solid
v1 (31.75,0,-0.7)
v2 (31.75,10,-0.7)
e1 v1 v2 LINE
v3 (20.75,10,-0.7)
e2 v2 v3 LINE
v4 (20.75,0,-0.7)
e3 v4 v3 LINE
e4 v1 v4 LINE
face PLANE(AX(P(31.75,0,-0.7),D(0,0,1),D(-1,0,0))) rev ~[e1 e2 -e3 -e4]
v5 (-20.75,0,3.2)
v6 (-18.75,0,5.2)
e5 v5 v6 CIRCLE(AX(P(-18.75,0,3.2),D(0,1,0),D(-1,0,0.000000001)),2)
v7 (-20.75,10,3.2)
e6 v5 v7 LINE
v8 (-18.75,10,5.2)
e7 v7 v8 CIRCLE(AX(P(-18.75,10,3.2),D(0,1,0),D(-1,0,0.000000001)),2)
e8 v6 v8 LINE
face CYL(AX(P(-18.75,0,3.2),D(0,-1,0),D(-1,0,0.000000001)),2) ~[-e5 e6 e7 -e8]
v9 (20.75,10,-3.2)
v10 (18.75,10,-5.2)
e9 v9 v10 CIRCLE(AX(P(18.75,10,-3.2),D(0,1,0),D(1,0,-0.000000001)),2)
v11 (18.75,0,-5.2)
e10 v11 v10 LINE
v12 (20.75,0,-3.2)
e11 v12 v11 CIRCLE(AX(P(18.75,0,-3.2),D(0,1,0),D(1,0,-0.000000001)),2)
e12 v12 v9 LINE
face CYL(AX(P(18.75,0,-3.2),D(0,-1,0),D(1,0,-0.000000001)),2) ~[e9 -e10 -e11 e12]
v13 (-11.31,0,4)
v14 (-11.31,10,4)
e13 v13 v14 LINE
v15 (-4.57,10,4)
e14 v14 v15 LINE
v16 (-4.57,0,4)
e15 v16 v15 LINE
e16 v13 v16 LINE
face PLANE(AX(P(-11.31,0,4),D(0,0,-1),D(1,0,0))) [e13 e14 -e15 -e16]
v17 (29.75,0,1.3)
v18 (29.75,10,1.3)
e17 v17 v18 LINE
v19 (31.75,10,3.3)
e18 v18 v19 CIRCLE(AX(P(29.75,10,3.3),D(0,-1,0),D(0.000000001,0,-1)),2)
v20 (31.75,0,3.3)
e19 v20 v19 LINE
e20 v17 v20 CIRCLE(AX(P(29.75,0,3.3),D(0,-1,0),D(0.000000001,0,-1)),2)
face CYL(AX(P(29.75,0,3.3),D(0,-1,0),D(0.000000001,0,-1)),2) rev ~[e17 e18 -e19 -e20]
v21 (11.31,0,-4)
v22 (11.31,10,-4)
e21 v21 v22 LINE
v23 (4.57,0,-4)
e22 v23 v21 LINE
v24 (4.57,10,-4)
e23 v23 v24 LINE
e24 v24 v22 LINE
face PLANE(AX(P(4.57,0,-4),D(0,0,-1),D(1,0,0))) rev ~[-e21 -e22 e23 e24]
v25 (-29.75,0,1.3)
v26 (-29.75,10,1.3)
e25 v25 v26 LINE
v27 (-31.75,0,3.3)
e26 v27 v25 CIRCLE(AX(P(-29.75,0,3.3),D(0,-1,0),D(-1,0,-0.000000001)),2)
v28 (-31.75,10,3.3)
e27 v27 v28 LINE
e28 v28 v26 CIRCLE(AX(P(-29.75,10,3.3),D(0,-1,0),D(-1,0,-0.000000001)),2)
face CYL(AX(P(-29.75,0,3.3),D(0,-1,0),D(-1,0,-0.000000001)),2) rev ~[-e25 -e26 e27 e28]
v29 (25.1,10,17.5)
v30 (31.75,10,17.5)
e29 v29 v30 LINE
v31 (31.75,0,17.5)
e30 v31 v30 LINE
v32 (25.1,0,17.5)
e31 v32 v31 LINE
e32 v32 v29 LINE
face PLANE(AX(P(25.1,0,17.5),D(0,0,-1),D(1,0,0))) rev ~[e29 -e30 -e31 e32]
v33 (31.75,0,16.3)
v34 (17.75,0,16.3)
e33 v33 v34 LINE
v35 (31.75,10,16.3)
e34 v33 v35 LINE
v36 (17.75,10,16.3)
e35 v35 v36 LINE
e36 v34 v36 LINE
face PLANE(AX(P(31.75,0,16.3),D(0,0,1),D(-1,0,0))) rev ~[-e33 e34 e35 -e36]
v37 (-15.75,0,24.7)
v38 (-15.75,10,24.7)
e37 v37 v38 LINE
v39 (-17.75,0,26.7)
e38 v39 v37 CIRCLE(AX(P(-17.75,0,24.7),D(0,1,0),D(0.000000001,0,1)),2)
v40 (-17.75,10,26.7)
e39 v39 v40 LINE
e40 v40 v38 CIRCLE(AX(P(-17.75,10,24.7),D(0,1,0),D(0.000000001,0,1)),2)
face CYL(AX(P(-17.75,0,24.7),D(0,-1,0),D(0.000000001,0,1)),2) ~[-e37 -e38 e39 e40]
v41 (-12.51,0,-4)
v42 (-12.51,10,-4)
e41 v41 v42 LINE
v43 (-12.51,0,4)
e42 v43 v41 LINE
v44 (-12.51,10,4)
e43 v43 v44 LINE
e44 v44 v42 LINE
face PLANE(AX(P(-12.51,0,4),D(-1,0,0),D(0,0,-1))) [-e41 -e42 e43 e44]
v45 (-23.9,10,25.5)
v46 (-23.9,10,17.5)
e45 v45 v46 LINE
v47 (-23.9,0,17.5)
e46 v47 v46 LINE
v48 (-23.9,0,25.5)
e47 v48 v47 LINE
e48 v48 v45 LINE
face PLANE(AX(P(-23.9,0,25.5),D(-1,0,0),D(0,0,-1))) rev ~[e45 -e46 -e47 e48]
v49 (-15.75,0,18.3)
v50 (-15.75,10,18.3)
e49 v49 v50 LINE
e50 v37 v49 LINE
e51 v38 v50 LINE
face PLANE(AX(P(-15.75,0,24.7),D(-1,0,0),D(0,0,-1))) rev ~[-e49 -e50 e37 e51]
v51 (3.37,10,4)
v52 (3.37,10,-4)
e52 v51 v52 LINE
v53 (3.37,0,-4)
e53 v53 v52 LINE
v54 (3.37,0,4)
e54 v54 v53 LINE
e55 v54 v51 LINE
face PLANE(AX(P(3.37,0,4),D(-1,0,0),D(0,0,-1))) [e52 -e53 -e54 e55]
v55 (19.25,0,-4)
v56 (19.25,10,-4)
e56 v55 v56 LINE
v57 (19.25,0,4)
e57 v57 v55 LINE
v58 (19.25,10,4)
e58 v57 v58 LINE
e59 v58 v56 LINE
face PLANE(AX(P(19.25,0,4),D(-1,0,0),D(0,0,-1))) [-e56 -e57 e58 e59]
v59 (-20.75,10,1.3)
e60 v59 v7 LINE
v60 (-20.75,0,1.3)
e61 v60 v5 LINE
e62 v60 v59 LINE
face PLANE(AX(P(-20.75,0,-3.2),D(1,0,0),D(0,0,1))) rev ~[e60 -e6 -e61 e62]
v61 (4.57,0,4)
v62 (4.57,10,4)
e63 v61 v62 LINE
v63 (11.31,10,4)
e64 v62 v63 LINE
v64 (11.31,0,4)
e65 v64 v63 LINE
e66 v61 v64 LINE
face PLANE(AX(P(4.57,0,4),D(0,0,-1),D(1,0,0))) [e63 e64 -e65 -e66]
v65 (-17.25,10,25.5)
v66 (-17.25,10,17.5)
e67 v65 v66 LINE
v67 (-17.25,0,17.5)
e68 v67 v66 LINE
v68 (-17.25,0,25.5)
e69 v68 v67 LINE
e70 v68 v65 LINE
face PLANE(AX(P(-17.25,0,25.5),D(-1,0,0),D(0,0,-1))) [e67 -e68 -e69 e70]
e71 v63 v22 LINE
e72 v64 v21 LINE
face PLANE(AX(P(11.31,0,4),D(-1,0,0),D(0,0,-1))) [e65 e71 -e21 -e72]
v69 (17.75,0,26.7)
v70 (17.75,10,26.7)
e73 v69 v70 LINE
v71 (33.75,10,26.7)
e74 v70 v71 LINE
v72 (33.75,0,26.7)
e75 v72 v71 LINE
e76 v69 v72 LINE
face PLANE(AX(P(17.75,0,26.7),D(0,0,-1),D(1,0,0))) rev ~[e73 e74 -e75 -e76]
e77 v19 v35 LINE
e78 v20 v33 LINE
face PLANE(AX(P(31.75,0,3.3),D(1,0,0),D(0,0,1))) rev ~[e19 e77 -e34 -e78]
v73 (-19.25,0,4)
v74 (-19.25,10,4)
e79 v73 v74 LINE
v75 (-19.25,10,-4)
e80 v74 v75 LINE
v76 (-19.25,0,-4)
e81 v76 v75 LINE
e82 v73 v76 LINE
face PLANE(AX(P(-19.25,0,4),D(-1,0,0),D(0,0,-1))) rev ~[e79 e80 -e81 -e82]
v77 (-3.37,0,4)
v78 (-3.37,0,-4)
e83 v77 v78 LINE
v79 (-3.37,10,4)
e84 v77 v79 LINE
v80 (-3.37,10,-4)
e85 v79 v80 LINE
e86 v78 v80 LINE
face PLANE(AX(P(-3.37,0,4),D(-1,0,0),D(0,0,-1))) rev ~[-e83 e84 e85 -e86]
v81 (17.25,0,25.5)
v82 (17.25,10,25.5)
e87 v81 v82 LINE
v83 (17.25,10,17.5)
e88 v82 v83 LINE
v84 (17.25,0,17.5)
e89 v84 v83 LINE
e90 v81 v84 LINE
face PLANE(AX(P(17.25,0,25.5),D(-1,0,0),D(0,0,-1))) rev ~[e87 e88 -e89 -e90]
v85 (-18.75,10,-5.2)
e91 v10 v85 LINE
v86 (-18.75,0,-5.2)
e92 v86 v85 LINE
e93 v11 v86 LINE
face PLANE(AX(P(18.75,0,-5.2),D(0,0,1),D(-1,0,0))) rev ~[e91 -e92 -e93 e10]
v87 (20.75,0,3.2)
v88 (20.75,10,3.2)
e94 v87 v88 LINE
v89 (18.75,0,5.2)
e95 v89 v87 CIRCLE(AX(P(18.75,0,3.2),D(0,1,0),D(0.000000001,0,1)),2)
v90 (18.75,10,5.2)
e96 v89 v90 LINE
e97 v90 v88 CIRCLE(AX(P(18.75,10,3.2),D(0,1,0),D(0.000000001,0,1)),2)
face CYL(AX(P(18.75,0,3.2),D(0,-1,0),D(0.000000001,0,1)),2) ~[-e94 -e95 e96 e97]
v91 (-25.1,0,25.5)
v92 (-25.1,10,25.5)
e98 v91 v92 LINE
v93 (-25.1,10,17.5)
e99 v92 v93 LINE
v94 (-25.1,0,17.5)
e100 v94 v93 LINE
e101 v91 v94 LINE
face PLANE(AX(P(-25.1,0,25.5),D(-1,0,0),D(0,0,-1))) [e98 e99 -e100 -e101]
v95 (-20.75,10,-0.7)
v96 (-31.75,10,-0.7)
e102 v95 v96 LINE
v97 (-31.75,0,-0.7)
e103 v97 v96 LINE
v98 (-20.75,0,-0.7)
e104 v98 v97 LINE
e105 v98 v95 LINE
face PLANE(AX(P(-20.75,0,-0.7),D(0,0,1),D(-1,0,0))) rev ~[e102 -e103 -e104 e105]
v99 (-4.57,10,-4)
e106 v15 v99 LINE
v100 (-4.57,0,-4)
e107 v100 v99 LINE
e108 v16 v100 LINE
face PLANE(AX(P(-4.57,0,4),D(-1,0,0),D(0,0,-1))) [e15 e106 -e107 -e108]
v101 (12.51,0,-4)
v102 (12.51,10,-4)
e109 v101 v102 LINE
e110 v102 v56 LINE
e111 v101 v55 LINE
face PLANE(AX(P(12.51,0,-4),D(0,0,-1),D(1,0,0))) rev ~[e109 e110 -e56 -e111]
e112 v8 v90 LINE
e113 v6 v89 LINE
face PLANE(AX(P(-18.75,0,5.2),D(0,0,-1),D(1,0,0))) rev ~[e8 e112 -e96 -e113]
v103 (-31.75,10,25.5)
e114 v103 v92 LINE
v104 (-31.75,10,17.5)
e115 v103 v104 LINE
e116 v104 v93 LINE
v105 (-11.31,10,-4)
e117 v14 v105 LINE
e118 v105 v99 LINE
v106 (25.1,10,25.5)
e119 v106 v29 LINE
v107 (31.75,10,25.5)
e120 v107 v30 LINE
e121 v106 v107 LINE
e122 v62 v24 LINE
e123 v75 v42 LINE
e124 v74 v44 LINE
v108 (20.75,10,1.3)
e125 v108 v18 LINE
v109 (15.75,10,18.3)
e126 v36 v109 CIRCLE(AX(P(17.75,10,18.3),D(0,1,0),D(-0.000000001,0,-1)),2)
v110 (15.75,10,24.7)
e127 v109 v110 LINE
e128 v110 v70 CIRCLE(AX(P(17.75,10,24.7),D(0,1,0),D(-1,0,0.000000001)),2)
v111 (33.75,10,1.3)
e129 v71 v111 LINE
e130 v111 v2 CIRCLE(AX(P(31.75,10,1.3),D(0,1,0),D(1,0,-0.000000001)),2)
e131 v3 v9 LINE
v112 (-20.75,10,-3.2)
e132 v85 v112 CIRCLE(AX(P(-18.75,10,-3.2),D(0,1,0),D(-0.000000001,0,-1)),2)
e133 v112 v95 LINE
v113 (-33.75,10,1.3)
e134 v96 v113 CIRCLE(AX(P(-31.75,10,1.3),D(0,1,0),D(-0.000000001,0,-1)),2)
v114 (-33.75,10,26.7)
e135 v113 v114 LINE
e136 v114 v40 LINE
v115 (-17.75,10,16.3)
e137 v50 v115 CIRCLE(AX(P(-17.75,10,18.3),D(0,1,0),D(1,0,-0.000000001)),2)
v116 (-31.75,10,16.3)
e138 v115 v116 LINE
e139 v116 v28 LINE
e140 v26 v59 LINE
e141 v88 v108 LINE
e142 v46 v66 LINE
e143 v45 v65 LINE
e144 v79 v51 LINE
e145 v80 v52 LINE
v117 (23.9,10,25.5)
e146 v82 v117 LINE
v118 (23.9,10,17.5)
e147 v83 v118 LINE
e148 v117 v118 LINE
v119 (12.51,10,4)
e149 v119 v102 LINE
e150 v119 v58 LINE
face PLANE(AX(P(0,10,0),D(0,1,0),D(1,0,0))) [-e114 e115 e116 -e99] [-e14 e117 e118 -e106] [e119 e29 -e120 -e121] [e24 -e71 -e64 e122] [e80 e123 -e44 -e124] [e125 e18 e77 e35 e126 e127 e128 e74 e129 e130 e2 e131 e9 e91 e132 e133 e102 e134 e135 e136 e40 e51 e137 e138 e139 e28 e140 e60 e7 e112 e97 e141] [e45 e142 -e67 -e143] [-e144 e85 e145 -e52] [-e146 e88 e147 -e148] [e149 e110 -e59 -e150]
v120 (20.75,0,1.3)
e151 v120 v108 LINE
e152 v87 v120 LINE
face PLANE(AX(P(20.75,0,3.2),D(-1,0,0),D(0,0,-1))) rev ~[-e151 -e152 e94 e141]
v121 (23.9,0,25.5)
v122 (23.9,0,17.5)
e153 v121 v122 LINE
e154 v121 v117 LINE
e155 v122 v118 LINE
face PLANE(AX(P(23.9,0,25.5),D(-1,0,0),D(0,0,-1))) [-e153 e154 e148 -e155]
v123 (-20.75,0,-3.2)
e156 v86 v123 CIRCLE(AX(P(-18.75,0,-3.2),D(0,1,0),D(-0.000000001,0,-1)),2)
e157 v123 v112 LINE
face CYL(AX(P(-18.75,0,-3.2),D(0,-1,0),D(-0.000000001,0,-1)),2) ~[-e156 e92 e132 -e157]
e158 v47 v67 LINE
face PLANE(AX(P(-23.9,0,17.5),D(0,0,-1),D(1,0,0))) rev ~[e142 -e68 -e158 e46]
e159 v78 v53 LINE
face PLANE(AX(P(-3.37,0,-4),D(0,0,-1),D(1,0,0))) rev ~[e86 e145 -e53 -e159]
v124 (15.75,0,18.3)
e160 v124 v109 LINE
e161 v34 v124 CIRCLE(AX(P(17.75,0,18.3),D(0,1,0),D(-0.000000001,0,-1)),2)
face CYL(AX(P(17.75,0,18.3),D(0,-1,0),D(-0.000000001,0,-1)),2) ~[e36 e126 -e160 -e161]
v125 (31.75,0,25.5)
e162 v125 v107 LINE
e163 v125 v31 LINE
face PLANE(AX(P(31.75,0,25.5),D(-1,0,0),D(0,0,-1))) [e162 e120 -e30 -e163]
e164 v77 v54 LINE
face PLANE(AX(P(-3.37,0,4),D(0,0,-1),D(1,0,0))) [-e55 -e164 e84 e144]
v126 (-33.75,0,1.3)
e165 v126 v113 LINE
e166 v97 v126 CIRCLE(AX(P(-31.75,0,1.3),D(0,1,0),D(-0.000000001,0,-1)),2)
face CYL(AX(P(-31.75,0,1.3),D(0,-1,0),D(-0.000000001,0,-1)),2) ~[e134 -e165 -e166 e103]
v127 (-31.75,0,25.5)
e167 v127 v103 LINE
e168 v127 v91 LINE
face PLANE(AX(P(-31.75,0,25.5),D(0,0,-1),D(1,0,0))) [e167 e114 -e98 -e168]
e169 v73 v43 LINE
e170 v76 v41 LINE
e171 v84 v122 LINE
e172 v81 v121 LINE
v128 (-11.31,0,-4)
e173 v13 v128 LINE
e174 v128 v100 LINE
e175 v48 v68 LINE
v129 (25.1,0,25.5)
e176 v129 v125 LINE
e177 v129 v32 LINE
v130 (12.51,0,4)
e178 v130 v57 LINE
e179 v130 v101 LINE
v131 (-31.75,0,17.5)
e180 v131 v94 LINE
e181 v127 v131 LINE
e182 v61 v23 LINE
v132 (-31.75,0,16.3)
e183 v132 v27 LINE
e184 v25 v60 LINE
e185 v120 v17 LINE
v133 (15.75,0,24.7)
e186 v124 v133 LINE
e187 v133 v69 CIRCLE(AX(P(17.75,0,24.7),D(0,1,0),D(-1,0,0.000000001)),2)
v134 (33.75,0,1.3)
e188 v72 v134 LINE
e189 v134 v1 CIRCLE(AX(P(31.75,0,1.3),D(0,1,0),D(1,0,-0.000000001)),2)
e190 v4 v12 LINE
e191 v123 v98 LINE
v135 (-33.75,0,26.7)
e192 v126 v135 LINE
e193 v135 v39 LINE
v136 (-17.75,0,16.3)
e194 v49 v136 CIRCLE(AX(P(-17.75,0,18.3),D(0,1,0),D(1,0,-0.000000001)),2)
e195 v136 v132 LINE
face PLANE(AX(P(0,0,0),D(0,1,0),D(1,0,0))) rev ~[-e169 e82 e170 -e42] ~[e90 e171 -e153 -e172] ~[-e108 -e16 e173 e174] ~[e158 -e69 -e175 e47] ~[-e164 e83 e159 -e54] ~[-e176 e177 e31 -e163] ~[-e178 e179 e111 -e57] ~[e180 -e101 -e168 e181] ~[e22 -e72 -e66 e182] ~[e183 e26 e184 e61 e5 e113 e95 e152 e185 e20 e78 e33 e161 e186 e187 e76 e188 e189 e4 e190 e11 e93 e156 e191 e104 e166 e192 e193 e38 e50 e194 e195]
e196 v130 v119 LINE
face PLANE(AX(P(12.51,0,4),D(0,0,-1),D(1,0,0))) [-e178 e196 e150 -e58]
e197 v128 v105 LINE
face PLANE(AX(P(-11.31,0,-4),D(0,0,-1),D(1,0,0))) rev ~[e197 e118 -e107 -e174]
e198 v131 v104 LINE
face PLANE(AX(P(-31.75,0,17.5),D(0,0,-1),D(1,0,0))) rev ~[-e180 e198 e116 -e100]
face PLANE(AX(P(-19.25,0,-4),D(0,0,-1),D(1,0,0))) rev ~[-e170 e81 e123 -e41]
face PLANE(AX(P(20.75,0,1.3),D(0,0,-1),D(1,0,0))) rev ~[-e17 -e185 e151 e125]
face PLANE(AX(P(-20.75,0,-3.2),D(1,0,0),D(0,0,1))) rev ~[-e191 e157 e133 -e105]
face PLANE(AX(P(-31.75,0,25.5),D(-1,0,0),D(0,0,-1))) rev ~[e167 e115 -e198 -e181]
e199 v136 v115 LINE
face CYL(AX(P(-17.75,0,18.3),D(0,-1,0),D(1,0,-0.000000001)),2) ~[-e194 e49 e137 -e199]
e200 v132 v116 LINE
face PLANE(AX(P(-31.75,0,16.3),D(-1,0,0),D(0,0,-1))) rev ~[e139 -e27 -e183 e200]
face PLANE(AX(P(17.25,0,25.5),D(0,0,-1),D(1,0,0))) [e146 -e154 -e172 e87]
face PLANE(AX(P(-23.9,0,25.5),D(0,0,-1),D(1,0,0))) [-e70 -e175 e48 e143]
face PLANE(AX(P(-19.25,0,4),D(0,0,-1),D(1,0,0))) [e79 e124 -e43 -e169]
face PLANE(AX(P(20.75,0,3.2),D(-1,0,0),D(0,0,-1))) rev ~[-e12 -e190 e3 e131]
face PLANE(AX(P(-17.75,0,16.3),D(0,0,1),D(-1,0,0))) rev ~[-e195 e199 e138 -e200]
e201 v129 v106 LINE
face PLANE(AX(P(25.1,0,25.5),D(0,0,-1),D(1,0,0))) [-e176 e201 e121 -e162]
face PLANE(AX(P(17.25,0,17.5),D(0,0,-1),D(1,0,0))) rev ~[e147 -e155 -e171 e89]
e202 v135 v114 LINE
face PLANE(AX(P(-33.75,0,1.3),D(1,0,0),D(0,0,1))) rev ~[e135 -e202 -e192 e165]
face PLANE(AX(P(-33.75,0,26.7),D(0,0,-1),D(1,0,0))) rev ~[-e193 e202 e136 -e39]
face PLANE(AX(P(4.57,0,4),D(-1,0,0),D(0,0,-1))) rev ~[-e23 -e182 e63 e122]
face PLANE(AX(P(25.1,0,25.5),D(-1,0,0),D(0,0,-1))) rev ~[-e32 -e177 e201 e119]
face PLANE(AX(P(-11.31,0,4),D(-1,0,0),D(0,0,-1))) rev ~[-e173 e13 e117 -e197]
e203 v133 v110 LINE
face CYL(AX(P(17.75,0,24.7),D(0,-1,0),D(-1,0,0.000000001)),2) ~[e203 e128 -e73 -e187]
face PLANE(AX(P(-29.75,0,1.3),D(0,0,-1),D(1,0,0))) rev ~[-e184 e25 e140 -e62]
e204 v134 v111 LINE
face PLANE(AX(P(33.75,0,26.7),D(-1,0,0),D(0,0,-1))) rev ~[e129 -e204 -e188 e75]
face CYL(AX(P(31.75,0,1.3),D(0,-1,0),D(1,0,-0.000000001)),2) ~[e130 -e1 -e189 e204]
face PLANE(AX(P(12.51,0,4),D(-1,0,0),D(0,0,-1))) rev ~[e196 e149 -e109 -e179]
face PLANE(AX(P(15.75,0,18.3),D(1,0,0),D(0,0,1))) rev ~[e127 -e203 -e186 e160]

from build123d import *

# Parameters (mm, degrees)
ESBO_O1_W                = 6.74
ESBO_O1_H                = 8
ESBO_O1_W_2              = 6.65
RESSALTO_EXTRUS_O1_DEPTH = 10


with BuildPart() as part:
    # Esboço1 → Ressalto-extrusão1 (new body)
    # profile 1 of 3: a face of its own
    with BuildSketch(Plane(origin=(0, 0, 0), x_dir=(1, 0, 0), z_dir=(0, 1, 0))):
        with BuildLine():
            Line((18.75, 5.2), (-18.75, 5.2))
            ThreePointArc((-18.75, 5.2), (-20.164213562, 4.614213562), (-20.75, 3.2))
            Line((-20.75, 3.2), (-20.75, 0.7))
            Line((-20.75, 0.7), (-20.75, -1.3))
            Line((-20.75, -1.3), (-20.75, -3.2))
            ThreePointArc((-20.75, -3.2), (-20.164213562, -4.614213562), (-18.75, -5.2))
            Line((-18.75, -5.2), (18.75, -5.2))
            ThreePointArc((18.75, -5.2), (20.164213562, -4.614213562), (20.75, -3.2))
            Line((20.75, -3.2), (20.75, -1.3))
            Line((20.75, -1.3), (20.75, 0.7))
            Line((20.75, 0.7), (20.75, 3.2))
            ThreePointArc((20.75, 3.2), (20.164213562, 4.614213562), (18.75, 5.2))
        make_face()
        with Locations((-15.88, 0)):
            Rectangle(ESBO_O1_W, ESBO_O1_H, mode=Mode.SUBTRACT)
        with Locations((-7.94, 0)):
            Rectangle(ESBO_O1_W, ESBO_O1_H, mode=Mode.SUBTRACT)
        Rectangle(ESBO_O1_W, ESBO_O1_H, mode=Mode.SUBTRACT)
        with Locations((7.94, 0)):
            Rectangle(ESBO_O1_W, ESBO_O1_H, mode=Mode.SUBTRACT)
        with Locations((15.88, 0)):
            Rectangle(ESBO_O1_W, ESBO_O1_H, mode=Mode.SUBTRACT)
    # profile 2 of 3: a face of its own
    with BuildSketch(Plane(origin=(0, 0, 0), x_dir=(1, 0, 0), z_dir=(0, 1, 0))):
        with BuildLine():
            Line((-20.75, -1.3), (-20.75, 0.7))
            Line((-20.75, 0.7), (-31.75, 0.7))
            ThreePointArc((-31.75, 0.7), (-33.164213562, 0.114213562), (-33.75, -1.3))
            Line((-33.75, -1.3), (-33.75, -14.642724204))
            Line((-33.75, -14.642724204), (-33.75, -16))
            Line((-33.75, -16), (-33.75, -16.3))
            Line((-33.75, -16.3), (-33.75, -17.5))
            Line((-33.75, -17.5), (-33.75, -25.5))
            Line((-33.75, -25.5), (-33.75, -26.7))
            Line((-33.75, -26.7), (-17.75, -26.7))
            ThreePointArc((-17.75, -26.7), (-16.335786438, -26.114213562), (-15.75, -24.7))
            Line((-15.75, -24.7), (-15.75, -18.3))
            ThreePointArc((-15.75, -18.3), (-16.335786438, -16.885786438), (-17.75, -16.3))
            Line((-17.75, -16.3), (-31.75, -16.3))
            Line((-31.75, -16.3), (-31.75, -16))
            Line((-31.75, -16), (-31.75, -3.3))
            ThreePointArc((-31.75, -3.3), (-31.164213562, -1.885786438), (-29.75, -1.3))
            Line((-29.75, -1.3), (-20.75, -1.3))
        make_face()
        with Locations((-28.425, -21.5)):
            Rectangle(ESBO_O1_W_2, ESBO_O1_H, mode=Mode.SUBTRACT)
        with Locations((-20.575, -21.5)):
            Rectangle(ESBO_O1_W_2, ESBO_O1_H, mode=Mode.SUBTRACT)
    # profile 3 of 3: a face of its own
    with BuildSketch(Plane(origin=(0, 0, 0), x_dir=(1, 0, 0), z_dir=(0, 1, 0))):
        with BuildLine():
            Line((31.75, 0.7), (20.75, 0.7))
            Line((20.75, 0.7), (20.75, -1.3))
            Line((20.75, -1.3), (29.75, -1.3))
            ThreePointArc((29.75, -1.3), (31.164213562, -1.885786438), (31.75, -3.3))
            Line((31.75, -3.3), (31.75, -16))
            Line((31.75, -16), (31.75, -16.3))
            Line((31.75, -16.3), (17.75, -16.3))
            ThreePointArc((17.75, -16.3), (16.335786438, -16.885786438), (15.75, -18.3))
            Line((15.75, -18.3), (15.75, -24.7))
            ThreePointArc((15.75, -24.7), (16.335786438, -26.114213562), (17.75, -26.7))
            Line((17.75, -26.7), (33.75, -26.7))
            Line((33.75, -26.7), (33.75, -25.5))
            Line((33.75, -25.5), (33.75, -17.5))
            Line((33.75, -17.5), (33.75, -16.3))
            Line((33.75, -16.3), (33.75, -16))
            Line((33.75, -16), (33.75, -14.642724204))
            Line((33.75, -14.642724204), (33.75, -1.3))
            ThreePointArc((33.75, -1.3), (33.164213562, 0.114213562), (31.75, 0.7))
        make_face()
        with Locations((20.575, -21.5)):
            Rectangle(ESBO_O1_W_2, ESBO_O1_H, mode=Mode.SUBTRACT)
        with Locations((28.425, -21.5)):
            Rectangle(ESBO_O1_W_2, ESBO_O1_H, mode=Mode.SUBTRACT)
    extrude(amount=RESSALTO_EXTRUS_O1_DEPTH)


solid = part.part
